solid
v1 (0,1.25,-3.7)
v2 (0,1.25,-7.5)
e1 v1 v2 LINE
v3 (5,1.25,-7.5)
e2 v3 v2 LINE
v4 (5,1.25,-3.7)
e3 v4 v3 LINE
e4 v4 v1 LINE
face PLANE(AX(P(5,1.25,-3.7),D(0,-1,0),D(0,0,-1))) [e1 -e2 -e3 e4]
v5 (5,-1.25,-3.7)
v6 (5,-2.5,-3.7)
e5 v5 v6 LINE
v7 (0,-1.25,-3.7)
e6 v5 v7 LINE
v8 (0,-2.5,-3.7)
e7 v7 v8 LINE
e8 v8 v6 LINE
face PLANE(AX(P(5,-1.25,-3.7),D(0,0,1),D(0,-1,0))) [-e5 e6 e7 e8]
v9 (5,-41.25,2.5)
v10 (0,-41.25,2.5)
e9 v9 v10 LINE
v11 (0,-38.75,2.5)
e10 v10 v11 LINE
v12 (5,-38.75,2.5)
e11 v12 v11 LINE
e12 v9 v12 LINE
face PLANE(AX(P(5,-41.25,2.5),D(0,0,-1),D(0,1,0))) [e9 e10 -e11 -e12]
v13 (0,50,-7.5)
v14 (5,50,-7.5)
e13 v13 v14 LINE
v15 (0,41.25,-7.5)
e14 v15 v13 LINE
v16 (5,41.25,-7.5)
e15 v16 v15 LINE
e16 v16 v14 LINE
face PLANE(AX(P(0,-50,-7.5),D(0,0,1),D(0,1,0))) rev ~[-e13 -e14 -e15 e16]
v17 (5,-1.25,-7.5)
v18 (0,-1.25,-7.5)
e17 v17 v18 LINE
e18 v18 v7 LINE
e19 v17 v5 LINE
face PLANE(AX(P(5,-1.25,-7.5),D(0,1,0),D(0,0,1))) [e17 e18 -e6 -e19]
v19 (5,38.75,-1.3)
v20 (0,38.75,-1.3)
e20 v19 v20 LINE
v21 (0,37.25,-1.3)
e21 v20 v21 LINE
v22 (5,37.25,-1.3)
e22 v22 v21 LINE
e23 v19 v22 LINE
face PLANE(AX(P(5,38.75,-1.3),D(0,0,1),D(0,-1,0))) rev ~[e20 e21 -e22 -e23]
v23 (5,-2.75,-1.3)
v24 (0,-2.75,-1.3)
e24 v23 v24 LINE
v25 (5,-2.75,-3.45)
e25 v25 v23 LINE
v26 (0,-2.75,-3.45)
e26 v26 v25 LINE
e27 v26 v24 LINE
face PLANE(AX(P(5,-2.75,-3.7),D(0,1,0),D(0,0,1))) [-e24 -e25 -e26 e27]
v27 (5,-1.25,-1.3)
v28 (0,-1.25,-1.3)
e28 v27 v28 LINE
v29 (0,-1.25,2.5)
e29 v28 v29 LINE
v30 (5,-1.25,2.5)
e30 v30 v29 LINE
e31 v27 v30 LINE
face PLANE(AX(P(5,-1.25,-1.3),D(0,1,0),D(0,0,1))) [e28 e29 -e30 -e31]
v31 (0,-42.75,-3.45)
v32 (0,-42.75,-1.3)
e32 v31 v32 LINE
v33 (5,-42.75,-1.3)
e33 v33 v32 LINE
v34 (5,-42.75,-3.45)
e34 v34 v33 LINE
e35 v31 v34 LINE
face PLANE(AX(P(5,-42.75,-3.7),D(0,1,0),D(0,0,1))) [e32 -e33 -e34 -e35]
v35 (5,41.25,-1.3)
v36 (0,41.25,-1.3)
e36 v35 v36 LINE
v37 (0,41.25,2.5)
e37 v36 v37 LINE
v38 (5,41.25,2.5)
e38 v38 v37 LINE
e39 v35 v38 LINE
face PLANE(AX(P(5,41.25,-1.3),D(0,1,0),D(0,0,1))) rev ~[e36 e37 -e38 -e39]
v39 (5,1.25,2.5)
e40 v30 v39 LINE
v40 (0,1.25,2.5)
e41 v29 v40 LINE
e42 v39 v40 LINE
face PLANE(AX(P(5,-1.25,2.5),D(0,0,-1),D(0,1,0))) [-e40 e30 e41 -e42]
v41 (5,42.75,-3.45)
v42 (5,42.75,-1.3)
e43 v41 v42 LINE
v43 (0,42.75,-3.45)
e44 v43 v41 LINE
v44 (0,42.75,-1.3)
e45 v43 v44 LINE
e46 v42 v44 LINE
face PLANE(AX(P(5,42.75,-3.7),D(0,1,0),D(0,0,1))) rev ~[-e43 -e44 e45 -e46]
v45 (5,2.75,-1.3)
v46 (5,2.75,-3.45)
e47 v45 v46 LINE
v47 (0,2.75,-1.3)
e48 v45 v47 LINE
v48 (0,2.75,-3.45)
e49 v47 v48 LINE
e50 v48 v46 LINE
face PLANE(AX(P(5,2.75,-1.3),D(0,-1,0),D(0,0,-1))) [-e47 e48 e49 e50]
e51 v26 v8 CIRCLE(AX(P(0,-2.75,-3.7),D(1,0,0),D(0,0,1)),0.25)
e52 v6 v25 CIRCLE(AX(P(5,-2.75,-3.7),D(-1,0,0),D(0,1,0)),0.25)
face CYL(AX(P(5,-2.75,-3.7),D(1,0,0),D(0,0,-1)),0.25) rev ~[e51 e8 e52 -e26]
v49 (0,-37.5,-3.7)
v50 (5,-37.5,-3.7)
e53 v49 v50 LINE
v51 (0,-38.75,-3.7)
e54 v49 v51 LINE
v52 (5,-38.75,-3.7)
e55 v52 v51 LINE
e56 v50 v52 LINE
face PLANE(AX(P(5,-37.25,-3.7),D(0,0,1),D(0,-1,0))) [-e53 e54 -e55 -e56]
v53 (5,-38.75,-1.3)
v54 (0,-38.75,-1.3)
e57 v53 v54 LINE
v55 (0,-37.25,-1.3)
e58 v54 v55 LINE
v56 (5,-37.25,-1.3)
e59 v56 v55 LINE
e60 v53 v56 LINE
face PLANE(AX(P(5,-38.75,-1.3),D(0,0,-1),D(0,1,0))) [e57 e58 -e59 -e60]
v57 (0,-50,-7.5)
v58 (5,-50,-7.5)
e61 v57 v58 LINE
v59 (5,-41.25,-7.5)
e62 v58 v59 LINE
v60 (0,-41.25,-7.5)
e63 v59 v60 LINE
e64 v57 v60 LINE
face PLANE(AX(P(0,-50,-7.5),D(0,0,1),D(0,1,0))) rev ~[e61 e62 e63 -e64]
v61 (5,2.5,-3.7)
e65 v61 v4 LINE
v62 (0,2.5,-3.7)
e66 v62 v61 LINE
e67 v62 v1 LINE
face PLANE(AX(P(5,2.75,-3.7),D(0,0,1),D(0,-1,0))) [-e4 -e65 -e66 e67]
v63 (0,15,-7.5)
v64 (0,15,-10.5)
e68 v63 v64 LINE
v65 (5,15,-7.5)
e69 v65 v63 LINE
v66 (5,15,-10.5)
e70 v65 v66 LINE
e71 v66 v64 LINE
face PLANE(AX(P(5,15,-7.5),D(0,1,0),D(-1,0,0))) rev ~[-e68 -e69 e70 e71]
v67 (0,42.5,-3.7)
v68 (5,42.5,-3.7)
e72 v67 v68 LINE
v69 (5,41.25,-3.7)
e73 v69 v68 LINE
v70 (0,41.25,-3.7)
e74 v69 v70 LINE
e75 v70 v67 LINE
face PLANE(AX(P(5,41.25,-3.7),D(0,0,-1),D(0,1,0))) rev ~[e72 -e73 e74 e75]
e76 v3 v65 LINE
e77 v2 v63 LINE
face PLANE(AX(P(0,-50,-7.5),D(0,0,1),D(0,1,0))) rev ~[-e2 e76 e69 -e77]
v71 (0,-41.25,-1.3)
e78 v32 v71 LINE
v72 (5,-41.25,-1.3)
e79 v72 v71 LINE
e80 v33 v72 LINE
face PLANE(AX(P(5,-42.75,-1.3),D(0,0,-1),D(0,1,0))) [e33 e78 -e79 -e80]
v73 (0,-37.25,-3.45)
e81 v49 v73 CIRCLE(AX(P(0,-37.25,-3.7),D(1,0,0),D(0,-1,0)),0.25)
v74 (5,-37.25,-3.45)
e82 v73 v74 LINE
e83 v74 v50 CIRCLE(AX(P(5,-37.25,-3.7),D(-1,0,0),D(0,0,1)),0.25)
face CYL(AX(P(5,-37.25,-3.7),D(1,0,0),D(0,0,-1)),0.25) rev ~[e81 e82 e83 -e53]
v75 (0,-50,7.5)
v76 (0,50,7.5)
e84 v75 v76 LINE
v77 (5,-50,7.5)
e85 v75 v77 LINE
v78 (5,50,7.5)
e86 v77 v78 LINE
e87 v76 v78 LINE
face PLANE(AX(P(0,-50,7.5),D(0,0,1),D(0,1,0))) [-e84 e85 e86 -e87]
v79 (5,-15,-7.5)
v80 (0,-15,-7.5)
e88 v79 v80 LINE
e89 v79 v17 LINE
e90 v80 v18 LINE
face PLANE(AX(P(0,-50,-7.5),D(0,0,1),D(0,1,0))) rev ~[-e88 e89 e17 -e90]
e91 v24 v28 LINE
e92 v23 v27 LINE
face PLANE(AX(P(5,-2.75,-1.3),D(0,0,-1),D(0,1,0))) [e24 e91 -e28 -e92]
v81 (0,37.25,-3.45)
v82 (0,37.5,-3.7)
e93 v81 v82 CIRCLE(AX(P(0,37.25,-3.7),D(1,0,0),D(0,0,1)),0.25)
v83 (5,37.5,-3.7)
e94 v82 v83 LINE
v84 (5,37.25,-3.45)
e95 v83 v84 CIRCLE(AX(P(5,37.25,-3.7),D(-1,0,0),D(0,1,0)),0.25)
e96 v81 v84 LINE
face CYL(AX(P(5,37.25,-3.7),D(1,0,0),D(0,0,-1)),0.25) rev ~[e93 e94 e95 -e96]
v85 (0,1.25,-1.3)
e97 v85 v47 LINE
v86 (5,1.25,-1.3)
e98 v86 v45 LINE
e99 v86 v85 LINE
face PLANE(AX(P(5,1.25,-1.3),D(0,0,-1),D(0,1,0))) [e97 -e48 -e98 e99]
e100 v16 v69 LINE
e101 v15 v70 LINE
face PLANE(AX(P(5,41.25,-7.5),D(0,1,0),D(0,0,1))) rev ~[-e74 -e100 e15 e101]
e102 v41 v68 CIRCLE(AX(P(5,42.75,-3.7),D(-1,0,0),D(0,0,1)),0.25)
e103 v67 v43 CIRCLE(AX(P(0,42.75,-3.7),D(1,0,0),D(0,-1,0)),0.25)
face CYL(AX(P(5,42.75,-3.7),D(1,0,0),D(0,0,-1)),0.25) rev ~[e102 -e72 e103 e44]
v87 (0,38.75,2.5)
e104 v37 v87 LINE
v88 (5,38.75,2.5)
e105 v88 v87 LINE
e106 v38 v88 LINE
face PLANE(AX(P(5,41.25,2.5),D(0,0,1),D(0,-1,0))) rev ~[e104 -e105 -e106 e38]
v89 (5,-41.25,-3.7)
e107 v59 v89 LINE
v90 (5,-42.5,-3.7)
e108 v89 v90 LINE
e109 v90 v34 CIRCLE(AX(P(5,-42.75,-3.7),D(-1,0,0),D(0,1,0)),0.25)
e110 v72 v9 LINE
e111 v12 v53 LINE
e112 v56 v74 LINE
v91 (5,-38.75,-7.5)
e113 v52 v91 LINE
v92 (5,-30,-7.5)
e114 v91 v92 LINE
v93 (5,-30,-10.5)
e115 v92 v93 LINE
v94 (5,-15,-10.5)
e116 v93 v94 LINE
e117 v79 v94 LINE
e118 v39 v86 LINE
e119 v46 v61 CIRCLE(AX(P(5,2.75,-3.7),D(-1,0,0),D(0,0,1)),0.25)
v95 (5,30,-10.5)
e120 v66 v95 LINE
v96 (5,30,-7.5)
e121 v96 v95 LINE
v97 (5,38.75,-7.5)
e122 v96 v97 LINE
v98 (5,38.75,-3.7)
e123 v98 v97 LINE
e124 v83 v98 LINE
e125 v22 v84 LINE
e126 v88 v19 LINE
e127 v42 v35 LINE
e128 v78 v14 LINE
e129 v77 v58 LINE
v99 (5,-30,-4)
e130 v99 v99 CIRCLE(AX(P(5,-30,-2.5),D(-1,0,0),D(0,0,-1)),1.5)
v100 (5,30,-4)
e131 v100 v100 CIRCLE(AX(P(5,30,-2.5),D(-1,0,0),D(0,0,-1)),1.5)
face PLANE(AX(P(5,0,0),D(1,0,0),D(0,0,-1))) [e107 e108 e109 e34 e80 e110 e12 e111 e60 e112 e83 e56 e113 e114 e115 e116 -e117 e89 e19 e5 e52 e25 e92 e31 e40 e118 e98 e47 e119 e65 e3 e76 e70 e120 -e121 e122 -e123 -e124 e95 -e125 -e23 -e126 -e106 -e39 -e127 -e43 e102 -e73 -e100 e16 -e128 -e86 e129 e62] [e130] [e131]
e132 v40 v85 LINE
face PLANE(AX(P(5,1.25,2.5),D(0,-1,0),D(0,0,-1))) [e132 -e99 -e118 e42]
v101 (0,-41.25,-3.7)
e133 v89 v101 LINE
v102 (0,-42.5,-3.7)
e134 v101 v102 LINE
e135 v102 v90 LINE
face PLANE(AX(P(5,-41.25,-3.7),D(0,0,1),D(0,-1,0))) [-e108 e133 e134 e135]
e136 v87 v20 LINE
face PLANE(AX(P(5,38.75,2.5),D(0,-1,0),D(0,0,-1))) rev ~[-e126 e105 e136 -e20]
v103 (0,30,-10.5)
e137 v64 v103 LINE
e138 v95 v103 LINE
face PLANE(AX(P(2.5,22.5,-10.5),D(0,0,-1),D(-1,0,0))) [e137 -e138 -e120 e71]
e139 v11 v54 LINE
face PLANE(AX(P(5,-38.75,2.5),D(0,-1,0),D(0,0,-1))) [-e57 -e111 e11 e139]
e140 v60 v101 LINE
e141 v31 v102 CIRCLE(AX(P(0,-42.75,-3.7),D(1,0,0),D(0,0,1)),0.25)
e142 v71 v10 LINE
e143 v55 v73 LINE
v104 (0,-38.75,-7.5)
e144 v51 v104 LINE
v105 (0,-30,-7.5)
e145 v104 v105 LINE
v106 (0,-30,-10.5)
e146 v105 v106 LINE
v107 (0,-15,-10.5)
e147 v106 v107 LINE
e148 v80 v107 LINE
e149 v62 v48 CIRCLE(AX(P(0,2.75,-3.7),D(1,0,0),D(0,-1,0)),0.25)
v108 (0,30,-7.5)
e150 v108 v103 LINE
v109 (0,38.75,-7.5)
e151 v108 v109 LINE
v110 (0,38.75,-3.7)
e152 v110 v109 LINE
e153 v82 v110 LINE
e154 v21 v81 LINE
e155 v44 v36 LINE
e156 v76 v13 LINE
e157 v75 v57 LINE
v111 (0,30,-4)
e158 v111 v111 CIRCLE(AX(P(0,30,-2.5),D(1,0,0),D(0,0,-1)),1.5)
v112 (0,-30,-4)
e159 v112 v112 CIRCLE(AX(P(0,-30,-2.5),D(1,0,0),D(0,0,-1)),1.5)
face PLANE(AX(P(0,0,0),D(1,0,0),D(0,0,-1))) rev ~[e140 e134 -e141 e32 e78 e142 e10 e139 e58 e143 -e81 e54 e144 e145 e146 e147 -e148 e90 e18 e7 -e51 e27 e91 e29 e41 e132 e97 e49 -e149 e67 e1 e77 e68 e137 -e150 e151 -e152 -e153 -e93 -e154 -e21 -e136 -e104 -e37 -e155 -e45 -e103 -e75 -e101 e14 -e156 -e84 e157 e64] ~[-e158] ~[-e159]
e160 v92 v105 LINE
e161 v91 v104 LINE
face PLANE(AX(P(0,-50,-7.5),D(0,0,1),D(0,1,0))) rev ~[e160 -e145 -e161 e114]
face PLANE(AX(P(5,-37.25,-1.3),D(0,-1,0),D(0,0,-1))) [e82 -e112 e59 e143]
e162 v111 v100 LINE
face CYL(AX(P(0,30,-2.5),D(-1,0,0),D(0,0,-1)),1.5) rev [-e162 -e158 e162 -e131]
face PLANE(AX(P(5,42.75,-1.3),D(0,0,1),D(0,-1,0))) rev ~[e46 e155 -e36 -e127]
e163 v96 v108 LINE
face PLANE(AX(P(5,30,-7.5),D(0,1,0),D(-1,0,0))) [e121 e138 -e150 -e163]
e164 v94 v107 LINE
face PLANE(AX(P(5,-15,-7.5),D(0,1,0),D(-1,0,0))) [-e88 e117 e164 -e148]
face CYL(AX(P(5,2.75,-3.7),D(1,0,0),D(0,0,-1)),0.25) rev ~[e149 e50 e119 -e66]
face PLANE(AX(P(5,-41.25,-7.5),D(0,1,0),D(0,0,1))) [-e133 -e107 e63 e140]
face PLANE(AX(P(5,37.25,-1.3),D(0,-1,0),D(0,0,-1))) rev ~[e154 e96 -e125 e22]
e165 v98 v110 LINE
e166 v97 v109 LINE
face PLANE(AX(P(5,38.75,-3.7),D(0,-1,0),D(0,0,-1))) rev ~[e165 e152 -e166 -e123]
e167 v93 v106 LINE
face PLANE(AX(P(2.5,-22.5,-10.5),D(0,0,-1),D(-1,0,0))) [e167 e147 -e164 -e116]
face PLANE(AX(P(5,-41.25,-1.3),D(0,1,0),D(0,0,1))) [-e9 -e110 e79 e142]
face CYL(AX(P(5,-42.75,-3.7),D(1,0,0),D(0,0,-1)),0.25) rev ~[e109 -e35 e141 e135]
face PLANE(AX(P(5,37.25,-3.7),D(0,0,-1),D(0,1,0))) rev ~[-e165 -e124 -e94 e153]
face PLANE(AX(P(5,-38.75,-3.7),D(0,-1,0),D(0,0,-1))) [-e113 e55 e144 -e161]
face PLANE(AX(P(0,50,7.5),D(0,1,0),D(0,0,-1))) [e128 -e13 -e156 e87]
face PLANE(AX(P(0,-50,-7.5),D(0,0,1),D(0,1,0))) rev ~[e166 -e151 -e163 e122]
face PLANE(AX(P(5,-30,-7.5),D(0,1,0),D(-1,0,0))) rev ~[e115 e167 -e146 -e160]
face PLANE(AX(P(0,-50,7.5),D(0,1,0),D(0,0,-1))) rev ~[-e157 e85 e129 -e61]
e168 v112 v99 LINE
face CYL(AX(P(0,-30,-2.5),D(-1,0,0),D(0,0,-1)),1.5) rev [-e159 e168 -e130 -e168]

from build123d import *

# Parameters (mm, degrees)
SCHIZZO1_W                   = 15
SCHIZZO1_H                   = 100
ESTRUSIONE_ESTRUSIONE1_DEPTH = 5
SCHIZZO2_W                   = 5
SCHIZZO2_H                   = 15
ESTRUSIONE_ESTRUSIONE2_DEPTH = 3
SCHIZZO4_R                   = 1.5
TAGLIO_ESTRUSIONE2_DEPTH     = 6
TAGLIO_ESTRUSIONE3_DEPTH     = 6
SCHIZZO6_R                   = 0.25
TAGLIO_ESTRUSIONE4_DEPTH     = 10


with BuildPart() as part:
    # Schizzo1 → Estrusione-Estrusione1 (new body)
    with BuildSketch(Plane(origin=(0, 0, 0), x_dir=(0, 0, -1), z_dir=(1, 0, 0))):
        Rectangle(SCHIZZO1_W, SCHIZZO1_H)
    extrude(amount=ESTRUSIONE_ESTRUSIONE1_DEPTH)

    # Schizzo2 → Estrusione-Estrusione2 (add)
    with BuildSketch(Plane(origin=(0, 0, -7.5), x_dir=(-1, 0, 0), z_dir=(0, 0, -1))):
        with Locations((-2.5, 22.5)):
            Rectangle(SCHIZZO2_W, SCHIZZO2_H)
        with Locations((-2.5, -22.5)):
            Rectangle(SCHIZZO2_W, SCHIZZO2_H)
    extrude(amount=ESTRUSIONE_ESTRUSIONE2_DEPTH)

    # Schizzo4 → Taglio-Estrusione2 (cut, through all)
    with BuildSketch(Plane(origin=(0, 0, 0), x_dir=(0, 0, -1), z_dir=(1, 0, 0))):
        with Locations((2.5, 30)):
            Circle(SCHIZZO4_R)
        with Locations((2.5, -30)):
            Circle(SCHIZZO4_R)
    extrude(amount=TAGLIO_ESTRUSIONE2_DEPTH, mode=Mode.SUBTRACT)

    # Schizzo5 → Taglio-Estrusione3 (cut, through all)
    with BuildSketch(Plane(origin=(5, 0, 0), x_dir=(0, 0, -1), z_dir=(1, 0, 0))):
        Polygon((-2.5, 1.25), (1.3, 1.25), (1.3, 2.75), (3.7, 2.75), (3.7, 1.25), (7.5, 1.25), (7.5, -1.25), (3.7, -1.25), (3.7, -2.75), (1.3, -2.75), (1.3, -1.25), (-2.5, -1.25), align=None)
        Polygon((-2.5, -38.75), (1.3, -38.75), (1.3, -37.25), (3.7, -37.25), (3.7, -38.75), (7.5, -38.75), (7.5, -41.25), (3.7, -41.25), (3.7, -42.75), (1.3, -42.75), (1.3, -41.25), (-2.5, -41.25), align=None)
        Polygon((7.5, 38.75), (7.5, 41.25), (3.7, 41.25), (3.7, 42.75), (1.3, 42.75), (1.3, 41.25), (-2.5, 41.25), (-2.5, 38.75), (1.3, 38.75), (1.3, 37.25), (3.7, 37.25), (3.7, 38.75), align=None)
    extrude(amount=-TAGLIO_ESTRUSIONE3_DEPTH, mode=Mode.SUBTRACT)

    # Schizzo6 → Taglio-Estrusione4 (cut)
    with BuildSketch(Plane(origin=(5, 0, 0), x_dir=(0, 0, -1), z_dir=(1, 0, 0))):
        with Locations((3.7, 42.75)):
            Circle(SCHIZZO6_R)
        with Locations((3.7, 37.25)):
            Circle(SCHIZZO6_R)
        with Locations((3.7, 2.75)):
            Circle(SCHIZZO6_R)
        with Locations((3.7, -2.75)):
            Circle(SCHIZZO6_R)
        with Locations((3.7, -37.25)):
            Circle(SCHIZZO6_R)
        with Locations((3.7, -42.75)):
            Circle(SCHIZZO6_R)
    extrude(amount=-TAGLIO_ESTRUSIONE4_DEPTH, mode=Mode.SUBTRACT)


solid = part.part
